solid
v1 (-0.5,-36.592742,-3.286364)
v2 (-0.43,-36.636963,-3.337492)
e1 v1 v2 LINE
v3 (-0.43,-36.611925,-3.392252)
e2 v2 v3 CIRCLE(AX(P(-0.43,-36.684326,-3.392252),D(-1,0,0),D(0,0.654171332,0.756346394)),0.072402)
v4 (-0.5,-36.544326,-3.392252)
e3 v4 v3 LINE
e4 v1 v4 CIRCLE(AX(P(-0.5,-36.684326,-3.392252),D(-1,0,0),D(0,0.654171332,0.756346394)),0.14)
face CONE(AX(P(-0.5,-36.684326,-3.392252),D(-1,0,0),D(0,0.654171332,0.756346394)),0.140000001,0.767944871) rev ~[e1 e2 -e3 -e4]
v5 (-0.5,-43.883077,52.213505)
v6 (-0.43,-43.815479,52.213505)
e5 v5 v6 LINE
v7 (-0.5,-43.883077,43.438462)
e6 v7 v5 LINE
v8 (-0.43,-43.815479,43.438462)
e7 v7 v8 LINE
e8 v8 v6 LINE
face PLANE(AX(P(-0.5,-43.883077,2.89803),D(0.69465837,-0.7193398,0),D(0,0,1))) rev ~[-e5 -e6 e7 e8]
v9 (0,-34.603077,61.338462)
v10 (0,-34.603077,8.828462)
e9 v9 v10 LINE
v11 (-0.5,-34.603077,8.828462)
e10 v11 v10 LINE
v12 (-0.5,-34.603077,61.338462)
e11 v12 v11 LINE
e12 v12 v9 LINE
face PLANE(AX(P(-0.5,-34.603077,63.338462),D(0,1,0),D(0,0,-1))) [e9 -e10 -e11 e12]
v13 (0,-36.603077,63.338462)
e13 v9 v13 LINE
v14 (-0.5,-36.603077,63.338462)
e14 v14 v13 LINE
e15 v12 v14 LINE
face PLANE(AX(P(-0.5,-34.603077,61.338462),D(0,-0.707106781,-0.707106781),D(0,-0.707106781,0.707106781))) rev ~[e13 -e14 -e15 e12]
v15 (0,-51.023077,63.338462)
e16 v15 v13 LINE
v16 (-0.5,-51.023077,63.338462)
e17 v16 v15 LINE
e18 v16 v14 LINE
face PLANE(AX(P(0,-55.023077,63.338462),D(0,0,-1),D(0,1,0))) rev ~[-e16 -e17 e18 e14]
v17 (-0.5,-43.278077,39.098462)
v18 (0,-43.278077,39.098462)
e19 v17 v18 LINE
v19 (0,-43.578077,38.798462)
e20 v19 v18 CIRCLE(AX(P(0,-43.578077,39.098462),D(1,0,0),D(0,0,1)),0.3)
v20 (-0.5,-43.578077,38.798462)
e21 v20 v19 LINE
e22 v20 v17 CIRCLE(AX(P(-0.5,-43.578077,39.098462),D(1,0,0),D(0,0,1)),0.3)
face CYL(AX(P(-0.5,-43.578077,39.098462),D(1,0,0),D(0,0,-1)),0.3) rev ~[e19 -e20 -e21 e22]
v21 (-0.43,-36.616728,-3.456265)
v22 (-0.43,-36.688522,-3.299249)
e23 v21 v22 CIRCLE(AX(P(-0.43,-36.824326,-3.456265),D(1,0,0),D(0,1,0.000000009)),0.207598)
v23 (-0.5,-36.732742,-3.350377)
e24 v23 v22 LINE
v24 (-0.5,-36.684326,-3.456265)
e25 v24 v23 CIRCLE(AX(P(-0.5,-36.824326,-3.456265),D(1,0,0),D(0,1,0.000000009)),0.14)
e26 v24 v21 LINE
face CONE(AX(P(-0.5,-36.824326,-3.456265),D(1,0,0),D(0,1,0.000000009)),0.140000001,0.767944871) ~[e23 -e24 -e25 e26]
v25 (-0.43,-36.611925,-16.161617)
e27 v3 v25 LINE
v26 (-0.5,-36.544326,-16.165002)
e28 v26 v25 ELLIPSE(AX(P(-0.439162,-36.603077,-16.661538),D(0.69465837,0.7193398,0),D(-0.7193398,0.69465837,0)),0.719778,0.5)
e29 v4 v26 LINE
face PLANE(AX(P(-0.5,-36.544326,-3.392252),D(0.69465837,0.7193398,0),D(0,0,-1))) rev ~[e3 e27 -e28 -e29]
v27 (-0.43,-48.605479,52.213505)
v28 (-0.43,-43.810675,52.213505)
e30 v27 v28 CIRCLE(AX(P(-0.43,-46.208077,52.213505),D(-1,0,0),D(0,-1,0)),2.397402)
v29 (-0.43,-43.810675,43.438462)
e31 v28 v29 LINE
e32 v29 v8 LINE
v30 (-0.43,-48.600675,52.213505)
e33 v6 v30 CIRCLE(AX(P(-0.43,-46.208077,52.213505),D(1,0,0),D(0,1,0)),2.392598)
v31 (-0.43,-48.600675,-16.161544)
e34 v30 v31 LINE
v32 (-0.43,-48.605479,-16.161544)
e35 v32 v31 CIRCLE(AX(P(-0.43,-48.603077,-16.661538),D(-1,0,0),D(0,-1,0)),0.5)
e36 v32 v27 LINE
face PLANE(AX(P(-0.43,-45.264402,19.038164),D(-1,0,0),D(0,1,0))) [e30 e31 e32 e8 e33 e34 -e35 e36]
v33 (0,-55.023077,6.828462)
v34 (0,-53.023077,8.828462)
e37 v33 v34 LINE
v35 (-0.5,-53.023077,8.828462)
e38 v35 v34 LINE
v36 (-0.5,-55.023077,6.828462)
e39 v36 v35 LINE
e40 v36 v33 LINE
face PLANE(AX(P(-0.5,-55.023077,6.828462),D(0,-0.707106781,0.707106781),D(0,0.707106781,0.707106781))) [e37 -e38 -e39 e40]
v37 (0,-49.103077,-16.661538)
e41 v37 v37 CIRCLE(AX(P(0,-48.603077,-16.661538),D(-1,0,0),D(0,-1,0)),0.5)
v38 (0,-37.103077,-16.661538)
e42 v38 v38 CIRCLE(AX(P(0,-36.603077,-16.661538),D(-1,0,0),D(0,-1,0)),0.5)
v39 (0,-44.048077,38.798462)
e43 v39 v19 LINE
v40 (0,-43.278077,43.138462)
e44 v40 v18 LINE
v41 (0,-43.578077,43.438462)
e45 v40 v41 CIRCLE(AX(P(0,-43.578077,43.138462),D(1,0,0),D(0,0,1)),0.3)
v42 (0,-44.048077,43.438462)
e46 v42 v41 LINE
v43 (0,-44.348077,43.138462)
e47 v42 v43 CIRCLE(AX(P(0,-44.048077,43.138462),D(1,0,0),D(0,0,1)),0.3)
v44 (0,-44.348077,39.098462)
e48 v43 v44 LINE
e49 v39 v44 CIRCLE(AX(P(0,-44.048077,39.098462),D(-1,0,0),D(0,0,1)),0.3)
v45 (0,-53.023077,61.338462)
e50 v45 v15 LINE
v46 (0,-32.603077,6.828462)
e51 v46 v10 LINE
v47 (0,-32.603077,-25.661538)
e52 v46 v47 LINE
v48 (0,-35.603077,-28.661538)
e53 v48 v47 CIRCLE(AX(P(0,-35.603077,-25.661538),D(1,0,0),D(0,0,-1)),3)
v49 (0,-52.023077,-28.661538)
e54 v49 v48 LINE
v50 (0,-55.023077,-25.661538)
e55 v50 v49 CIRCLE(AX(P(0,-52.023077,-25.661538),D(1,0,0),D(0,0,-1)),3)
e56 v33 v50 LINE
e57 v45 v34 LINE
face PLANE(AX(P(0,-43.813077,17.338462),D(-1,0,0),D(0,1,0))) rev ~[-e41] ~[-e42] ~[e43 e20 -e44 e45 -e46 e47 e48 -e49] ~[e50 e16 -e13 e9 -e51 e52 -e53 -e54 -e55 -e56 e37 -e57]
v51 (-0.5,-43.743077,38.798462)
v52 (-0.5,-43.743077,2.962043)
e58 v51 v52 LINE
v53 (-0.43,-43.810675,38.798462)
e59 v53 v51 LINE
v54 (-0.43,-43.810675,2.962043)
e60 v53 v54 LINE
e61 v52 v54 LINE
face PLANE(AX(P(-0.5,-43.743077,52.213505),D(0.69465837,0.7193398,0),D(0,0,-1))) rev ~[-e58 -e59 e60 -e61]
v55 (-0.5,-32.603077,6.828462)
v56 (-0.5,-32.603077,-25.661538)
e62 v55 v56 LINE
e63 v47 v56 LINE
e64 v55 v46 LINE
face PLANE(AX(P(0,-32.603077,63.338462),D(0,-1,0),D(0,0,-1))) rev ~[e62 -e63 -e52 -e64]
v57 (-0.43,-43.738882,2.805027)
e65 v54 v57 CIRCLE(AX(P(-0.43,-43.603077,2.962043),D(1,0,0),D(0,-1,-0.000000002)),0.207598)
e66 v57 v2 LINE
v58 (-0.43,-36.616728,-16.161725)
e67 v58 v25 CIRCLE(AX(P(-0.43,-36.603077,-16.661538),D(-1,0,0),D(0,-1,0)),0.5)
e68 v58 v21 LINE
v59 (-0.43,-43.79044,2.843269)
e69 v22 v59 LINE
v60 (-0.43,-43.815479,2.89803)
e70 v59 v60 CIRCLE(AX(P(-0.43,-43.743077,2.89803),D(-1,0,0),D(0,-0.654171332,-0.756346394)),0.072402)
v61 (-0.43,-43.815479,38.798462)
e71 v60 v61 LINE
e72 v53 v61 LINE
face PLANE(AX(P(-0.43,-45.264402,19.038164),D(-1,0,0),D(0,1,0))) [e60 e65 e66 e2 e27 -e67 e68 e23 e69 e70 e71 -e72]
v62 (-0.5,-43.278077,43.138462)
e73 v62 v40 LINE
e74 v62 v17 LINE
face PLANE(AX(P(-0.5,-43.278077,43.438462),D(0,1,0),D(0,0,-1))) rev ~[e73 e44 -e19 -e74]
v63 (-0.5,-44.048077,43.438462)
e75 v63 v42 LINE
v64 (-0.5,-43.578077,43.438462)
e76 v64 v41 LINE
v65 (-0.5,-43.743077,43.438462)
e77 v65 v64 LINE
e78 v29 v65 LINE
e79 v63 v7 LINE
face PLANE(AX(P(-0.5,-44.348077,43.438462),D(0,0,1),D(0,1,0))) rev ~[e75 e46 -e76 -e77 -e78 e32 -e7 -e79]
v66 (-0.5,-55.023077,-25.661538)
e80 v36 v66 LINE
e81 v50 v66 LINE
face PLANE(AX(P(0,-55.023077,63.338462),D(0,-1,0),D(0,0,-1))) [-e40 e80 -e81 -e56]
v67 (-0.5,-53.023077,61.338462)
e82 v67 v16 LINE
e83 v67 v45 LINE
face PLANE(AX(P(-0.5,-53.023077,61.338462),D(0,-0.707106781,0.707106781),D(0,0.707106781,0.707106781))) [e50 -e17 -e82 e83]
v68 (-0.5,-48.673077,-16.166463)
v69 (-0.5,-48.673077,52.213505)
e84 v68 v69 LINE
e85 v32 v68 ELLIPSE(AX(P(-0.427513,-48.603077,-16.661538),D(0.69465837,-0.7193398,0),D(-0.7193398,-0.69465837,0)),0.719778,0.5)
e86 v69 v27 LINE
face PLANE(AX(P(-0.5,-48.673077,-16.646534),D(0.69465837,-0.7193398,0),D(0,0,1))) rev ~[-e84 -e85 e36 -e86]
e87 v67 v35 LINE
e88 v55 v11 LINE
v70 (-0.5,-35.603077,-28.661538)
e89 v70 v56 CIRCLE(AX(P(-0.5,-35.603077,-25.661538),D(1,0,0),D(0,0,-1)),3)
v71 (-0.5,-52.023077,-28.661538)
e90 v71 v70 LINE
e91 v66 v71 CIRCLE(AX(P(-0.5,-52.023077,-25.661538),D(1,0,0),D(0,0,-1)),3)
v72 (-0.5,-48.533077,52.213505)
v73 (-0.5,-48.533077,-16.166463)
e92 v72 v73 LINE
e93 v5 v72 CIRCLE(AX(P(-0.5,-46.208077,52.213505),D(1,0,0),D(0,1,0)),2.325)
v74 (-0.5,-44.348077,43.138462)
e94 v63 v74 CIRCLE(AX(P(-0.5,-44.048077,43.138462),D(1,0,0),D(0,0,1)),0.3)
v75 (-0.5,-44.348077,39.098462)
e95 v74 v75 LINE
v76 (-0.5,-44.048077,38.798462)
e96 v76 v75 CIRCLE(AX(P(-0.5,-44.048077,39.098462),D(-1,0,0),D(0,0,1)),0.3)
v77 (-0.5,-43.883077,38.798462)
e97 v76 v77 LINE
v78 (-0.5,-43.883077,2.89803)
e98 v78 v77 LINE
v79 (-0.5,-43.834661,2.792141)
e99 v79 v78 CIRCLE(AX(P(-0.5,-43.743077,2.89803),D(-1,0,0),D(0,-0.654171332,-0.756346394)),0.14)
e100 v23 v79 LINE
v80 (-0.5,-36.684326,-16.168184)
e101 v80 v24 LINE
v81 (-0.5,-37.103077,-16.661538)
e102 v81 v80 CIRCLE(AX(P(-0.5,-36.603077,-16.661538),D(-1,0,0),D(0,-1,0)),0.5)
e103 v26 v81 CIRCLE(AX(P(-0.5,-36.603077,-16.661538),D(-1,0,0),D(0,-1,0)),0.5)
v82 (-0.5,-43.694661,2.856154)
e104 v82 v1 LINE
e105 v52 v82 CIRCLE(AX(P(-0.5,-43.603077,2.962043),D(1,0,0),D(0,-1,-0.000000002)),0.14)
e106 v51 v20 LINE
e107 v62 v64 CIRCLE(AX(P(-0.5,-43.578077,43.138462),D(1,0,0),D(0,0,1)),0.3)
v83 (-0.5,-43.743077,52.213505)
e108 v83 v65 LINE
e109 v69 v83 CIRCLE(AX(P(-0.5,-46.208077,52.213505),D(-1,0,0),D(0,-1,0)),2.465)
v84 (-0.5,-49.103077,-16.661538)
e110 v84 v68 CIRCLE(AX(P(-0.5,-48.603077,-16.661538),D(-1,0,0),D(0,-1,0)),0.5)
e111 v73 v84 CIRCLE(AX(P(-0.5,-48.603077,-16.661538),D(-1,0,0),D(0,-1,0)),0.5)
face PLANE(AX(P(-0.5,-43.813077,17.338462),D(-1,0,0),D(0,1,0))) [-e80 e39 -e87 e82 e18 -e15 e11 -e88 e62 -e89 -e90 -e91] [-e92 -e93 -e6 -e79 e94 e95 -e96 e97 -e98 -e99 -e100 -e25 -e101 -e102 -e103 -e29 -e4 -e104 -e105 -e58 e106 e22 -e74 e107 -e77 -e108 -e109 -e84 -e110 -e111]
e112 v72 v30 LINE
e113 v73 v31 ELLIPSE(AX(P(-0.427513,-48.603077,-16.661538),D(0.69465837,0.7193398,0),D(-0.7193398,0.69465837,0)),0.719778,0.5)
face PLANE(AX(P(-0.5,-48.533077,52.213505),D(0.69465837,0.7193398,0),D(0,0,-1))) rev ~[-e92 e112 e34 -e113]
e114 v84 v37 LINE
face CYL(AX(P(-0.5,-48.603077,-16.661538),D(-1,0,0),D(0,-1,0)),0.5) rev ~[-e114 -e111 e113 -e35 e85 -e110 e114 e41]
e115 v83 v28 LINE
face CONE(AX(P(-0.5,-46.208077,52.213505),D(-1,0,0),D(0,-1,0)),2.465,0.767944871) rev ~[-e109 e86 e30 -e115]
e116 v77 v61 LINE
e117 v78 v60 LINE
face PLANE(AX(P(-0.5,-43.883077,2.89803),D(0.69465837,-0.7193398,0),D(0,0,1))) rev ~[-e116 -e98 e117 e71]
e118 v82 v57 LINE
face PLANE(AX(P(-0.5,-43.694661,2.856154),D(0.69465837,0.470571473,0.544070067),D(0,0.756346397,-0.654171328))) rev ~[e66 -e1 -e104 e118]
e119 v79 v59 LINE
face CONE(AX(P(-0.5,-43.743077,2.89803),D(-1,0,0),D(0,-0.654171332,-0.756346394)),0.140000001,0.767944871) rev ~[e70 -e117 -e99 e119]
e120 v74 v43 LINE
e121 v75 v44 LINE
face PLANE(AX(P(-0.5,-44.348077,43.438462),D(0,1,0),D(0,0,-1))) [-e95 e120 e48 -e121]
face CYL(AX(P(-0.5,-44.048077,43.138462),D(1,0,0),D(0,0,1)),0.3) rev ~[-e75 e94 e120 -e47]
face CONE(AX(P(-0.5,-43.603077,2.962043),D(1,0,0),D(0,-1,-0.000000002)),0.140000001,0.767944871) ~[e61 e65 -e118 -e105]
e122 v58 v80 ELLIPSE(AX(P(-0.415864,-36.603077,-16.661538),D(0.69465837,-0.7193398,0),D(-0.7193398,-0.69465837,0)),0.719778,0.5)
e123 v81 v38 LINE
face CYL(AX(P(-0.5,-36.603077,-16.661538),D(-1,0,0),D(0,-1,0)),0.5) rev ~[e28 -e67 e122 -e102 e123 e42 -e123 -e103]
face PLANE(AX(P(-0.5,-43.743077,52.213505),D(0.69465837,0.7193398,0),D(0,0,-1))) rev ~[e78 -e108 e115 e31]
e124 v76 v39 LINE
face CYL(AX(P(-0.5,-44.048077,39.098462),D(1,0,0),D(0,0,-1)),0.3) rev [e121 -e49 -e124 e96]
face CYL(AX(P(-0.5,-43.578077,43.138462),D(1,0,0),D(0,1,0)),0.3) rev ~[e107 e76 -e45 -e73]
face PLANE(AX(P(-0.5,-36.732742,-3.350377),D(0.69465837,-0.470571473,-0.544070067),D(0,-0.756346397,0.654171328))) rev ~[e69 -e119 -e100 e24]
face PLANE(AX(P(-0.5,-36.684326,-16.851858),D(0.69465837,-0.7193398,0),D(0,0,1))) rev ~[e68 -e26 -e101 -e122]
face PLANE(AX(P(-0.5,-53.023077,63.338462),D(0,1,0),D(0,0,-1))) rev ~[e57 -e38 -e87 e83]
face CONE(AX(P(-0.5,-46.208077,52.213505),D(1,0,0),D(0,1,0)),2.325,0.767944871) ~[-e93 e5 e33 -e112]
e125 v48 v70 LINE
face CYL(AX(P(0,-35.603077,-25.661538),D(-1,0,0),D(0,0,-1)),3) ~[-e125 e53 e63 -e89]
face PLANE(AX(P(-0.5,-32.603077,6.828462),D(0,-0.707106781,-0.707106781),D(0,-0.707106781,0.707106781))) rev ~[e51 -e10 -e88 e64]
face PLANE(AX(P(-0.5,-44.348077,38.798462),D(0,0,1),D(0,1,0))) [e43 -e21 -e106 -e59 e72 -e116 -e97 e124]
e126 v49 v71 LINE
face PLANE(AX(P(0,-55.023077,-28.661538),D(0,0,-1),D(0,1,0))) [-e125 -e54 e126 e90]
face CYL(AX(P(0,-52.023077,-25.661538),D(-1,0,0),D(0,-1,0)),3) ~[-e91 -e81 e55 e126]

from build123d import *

# Parameters (mm, degrees)
SKETCH2_W           = 22.42
SKETCH2_H           = 92
BOSS_EXTRUDE2_DEPTH = 0.5
FILLET4_R           = 3
FILLET7_R           = 3
SKETCH4_W           = 2
SKETCH4_H           = 54.51
CUT_EXTRUDE1_DEPTH  = 0.5
SKETCH5_W           = 2
SKETCH5_H           = 54.51
CUT_EXTRUDE2_DEPTH  = 0.5
CUT_EXTRUDE3_DEPTH  = 0.5
CUT_EXTRUDE4_DEPTH  = 0.5
CUT_EXTRUDE7_DEPTH  = 0.5
CUT_EXTRUDE8_DEPTH  = 0.5
SKETCH11_W          = 1.07
SKETCH11_H          = 4.64
CUT_EXTRUDE9_DEPTH  = 0.5
FILLET8_R           = 0.3
FILLET9_R           = 0.3
FILLET10_R          = 0.3
FILLET11_R          = 0.3
SKETCH12_R          = 0.5
CUT_EXTRUDE11_DEPTH = 0.5
SKETCH13_R          = 0.5
CUT_EXTRUDE12_DEPTH = 5
CUT_EXTRUDE24_DEPTH = 0.07
CUT_EXTRUDE24_DRAFT = -44


with BuildPart() as part:
    # Sketch2 → Boss-Extrude2 (new body)
    with BuildSketch(Plane(origin=(0, 0, 0), x_dir=(0, 1, 0), z_dir=(-1, 0, 0))):
        with Locations((-43.813076923, -17.338461538)):
            Rectangle(SKETCH2_W, SKETCH2_H)
    extrude(amount=BOSS_EXTRUDE2_DEPTH)

    # Fillet4
    fillet4_edges = [part.edges().sort_by_distance(p)[0] for p in [
        (-0.25, -55.023076923, -28.661538462),
    ]]
    fillet(fillet4_edges, radius=FILLET4_R)

    # Fillet7
    fillet7_edges = [part.edges().sort_by_distance(p)[0] for p in [
        (-0.25, -32.603076923, -28.661538462),
    ]]
    fillet(fillet7_edges, radius=FILLET7_R)

    # Sketch4 → Cut-Extrude1 (cut)
    with BuildSketch(Plane(origin=(-0.5, 0, 0), x_dir=(0, 1, 0), z_dir=(-1, 0, 0))):
        with Locations((-54.023076923, -36.083461538)):
            Rectangle(SKETCH4_W, SKETCH4_H)
    extrude(amount=-CUT_EXTRUDE1_DEPTH, mode=Mode.SUBTRACT)

    # Sketch5 → Cut-Extrude2 (cut)
    with BuildSketch(Plane(origin=(-0.5, 0, 0), x_dir=(0, 1, 0), z_dir=(-1, 0, 0))):
        with Locations((-33.603076923, -36.083461538)):
            Rectangle(SKETCH5_W, SKETCH5_H)
    extrude(amount=-CUT_EXTRUDE2_DEPTH, mode=Mode.SUBTRACT)

    # Sketch6 → Cut-Extrude3 (cut)
    with BuildSketch(Plane(origin=(-0.5, 0, 0), x_dir=(0, 1, 0), z_dir=(-1, 0, 0))):
        Polygon((-53.023076923, -63.338461538), (-53.023076923, -61.338461538), (-51.023076923, -63.338461538), align=None)
    extrude(amount=-CUT_EXTRUDE3_DEPTH, mode=Mode.SUBTRACT)

    # Sketch7 → Cut-Extrude4 (cut)
    with BuildSketch(Plane(origin=(-0.5, 0, 0), x_dir=(0, 1, 0), z_dir=(-1, 0, 0))):
        Polygon((-34.603076923, -63.338461538), (-34.603076923, -61.338461538), (-36.603076923, -63.338461538), align=None)
    extrude(amount=-CUT_EXTRUDE4_DEPTH, mode=Mode.SUBTRACT)

    # Sketch8 → Cut-Extrude7 (cut)
    with BuildSketch(Plane(origin=(-0.5, 0, 0), x_dir=(0, 1, 0), z_dir=(-1, 0, 0))):
        Polygon((-53.023076923, -8.828461538), (-55.023076923, -8.828461538), (-55.023076923, -6.828461538), align=None)
    extrude(amount=-CUT_EXTRUDE7_DEPTH, mode=Mode.SUBTRACT)

    # Sketch9 → Cut-Extrude8 (cut)
    with BuildSketch(Plane(origin=(-0.5, 0, 0), x_dir=(0, 1, 0), z_dir=(-1, 0, 0))):
        Polygon((-34.603076923, -8.828461538), (-32.603076923, -8.828461538), (-32.603076923, -6.828461538), align=None)
    extrude(amount=-CUT_EXTRUDE8_DEPTH, mode=Mode.SUBTRACT)

    # Sketch11 → Cut-Extrude9 (cut)
    with BuildSketch(Plane(origin=(-0.5, 0, 0), x_dir=(0, 1, 0), z_dir=(-1, 0, 0))):
        with Locations((-43.813076923, -41.118461538)):
            Rectangle(SKETCH11_W, SKETCH11_H)
    extrude(amount=-CUT_EXTRUDE9_DEPTH, mode=Mode.SUBTRACT)

    # Fillet8
    fillet8_edges = [part.edges().sort_by_distance(p)[0] for p in [
        (-0.25, -44.348076923, 38.798461538),
    ]]
    fillet(fillet8_edges, radius=FILLET8_R)

    # Fillet9
    fillet9_edges = [part.edges().sort_by_distance(p)[0] for p in [
        (-0.25, -43.278076923, 38.798461538),
    ]]
    fillet(fillet9_edges, radius=FILLET9_R)

    # Fillet10
    fillet10_edges = [part.edges().sort_by_distance(p)[0] for p in [
        (-0.25, -43.278076923, 43.438461538),
    ]]
    fillet(fillet10_edges, radius=FILLET10_R)

    # Fillet11
    fillet11_edges = [part.edges().sort_by_distance(p)[0] for p in [
        (-0.25, -44.348076923, 43.438461538),
    ]]
    fillet(fillet11_edges, radius=FILLET11_R)

    # Sketch12 → Cut-Extrude11 (cut)
    with BuildSketch(Plane(origin=(-0.5, 0, 0), x_dir=(0, 1, 0), z_dir=(-1, 0, 0))):
        with Locations(Location((-36.603076923, 16.661538462, 0), (0, 0, 180))):
            Circle(SKETCH12_R)
    extrude(amount=-CUT_EXTRUDE11_DEPTH, mode=Mode.SUBTRACT)

    # Sketch13 → Cut-Extrude12 (cut)
    with BuildSketch(Plane(origin=(-0.5, 0, 0), x_dir=(0, 1, 0), z_dir=(-1, 0, 0))):
        with Locations(Location((-48.603076923, 16.661538462, 0), (0, 0, 180))):
            Circle(SKETCH13_R)
    extrude(amount=-CUT_EXTRUDE12_DEPTH, mode=Mode.SUBTRACT)


with BuildPart() as cut_extrude24_tool:
    # Sketch25 → Cut-Extrude24 (with draft: the straight prism first)
    with BuildSketch(Plane(origin=(-0.5, 0, 0), x_dir=(0, 1, 0), z_dir=(-1, 0, 0))):
        with BuildLine():
            ThreePointArc((-36.592742355, 3.286363935), (-36.557004391, 3.334036273), (-36.544326341, 3.39225243))
            Line((-36.544326341, 3.39225243), (-36.544326341, 16.851858083))
            Line((-36.544326341, 16.851858083), (-36.684326341, 16.851858083))
            Line((-36.684326341, 16.851858083), (-36.684326341, 3.456265446))
            ThreePointArc((-36.684326341, 3.456265446), (-36.697004391, 3.398049289), (-36.732742355, 3.350376951))
            Line((-36.732742355, 3.350376951), (-43.834660909, -2.792141227))
            ThreePointArc((-43.834660909, -2.792141227), (-43.870398873, -2.839813565), (-43.883076923, -2.898029723))
            Line((-43.883076923, -2.898029723), (-43.883076923, -52.213504668))
            ThreePointArc((-43.883076923, -52.213504668), (-46.208076923, -54.538504668), (-48.533076923, -52.213504668))
            Line((-48.533076923, -52.213504668), (-48.533076923, 16.646534236))
            Line((-48.533076923, 16.646534236), (-48.673076923, 16.646534236))
            Line((-48.673076923, 16.646534236), (-48.673076923, -52.213504668))
            ThreePointArc((-48.673076923, -52.213504668), (-46.208076923, -54.678504668), (-43.743076923, -52.213504668))
            Line((-43.743076923, -52.213504668), (-43.743076923, -2.962042739))
            ThreePointArc((-43.743076923, -2.962042739), (-43.730398873, -2.903826581), (-43.694660909, -2.856154243))
            Line((-43.694660909, -2.856154243), (-36.592742355, 3.286363935))
        make_face()
    extrude(amount=-CUT_EXTRUDE24_DEPTH)
    # Cut-Extrude24: the draft: its side faces are tilted about the plane it starts from
    cut_extrude24_sides = [cut_extrude24_tool.faces().sort_by_distance(p)[0] for p in [
        (-0.465, -40.143701632, -0.215104846),
        (-0.465, -36.557004391, -3.334036273),
        (-0.465, -36.544326341, -10.122055257),
        (-0.465, -36.614326341, -16.851858083),
        (-0.465, -36.684326341, -10.154061765),
        (-0.465, -36.697004391, -3.398049289),
        (-0.465, -40.283701632, -0.279117862),
        (-0.465, -43.870398873, 2.839813565),
        (-0.465, -43.883076923, 27.555767195),
        (-0.465, -46.208076923, 54.538504668),
        (-0.465, -48.533076923, 17.783485216),
        (-0.465, -48.603076923, -16.646534236),
        (-0.465, -48.673076923, 17.783485216),
        (-0.465, -46.208076923, 54.678504668),
        (-0.465, -43.743076923, 27.587773703),
        (-0.465, -43.730398873, 2.903826581),
    ]]
    draft(cut_extrude24_sides, Plane(origin=(-0.5, 0, 0), x_dir=(0, 1, 0), z_dir=(-1, 0, 0)), CUT_EXTRUDE24_DRAFT)


with BuildPart() as part_1:
    add(part.part)

    # Cut-Extrude24: cut by cut_extrude24_tool
    add(cut_extrude24_tool.part, mode=Mode.SUBTRACT)


solid = part_1.part
